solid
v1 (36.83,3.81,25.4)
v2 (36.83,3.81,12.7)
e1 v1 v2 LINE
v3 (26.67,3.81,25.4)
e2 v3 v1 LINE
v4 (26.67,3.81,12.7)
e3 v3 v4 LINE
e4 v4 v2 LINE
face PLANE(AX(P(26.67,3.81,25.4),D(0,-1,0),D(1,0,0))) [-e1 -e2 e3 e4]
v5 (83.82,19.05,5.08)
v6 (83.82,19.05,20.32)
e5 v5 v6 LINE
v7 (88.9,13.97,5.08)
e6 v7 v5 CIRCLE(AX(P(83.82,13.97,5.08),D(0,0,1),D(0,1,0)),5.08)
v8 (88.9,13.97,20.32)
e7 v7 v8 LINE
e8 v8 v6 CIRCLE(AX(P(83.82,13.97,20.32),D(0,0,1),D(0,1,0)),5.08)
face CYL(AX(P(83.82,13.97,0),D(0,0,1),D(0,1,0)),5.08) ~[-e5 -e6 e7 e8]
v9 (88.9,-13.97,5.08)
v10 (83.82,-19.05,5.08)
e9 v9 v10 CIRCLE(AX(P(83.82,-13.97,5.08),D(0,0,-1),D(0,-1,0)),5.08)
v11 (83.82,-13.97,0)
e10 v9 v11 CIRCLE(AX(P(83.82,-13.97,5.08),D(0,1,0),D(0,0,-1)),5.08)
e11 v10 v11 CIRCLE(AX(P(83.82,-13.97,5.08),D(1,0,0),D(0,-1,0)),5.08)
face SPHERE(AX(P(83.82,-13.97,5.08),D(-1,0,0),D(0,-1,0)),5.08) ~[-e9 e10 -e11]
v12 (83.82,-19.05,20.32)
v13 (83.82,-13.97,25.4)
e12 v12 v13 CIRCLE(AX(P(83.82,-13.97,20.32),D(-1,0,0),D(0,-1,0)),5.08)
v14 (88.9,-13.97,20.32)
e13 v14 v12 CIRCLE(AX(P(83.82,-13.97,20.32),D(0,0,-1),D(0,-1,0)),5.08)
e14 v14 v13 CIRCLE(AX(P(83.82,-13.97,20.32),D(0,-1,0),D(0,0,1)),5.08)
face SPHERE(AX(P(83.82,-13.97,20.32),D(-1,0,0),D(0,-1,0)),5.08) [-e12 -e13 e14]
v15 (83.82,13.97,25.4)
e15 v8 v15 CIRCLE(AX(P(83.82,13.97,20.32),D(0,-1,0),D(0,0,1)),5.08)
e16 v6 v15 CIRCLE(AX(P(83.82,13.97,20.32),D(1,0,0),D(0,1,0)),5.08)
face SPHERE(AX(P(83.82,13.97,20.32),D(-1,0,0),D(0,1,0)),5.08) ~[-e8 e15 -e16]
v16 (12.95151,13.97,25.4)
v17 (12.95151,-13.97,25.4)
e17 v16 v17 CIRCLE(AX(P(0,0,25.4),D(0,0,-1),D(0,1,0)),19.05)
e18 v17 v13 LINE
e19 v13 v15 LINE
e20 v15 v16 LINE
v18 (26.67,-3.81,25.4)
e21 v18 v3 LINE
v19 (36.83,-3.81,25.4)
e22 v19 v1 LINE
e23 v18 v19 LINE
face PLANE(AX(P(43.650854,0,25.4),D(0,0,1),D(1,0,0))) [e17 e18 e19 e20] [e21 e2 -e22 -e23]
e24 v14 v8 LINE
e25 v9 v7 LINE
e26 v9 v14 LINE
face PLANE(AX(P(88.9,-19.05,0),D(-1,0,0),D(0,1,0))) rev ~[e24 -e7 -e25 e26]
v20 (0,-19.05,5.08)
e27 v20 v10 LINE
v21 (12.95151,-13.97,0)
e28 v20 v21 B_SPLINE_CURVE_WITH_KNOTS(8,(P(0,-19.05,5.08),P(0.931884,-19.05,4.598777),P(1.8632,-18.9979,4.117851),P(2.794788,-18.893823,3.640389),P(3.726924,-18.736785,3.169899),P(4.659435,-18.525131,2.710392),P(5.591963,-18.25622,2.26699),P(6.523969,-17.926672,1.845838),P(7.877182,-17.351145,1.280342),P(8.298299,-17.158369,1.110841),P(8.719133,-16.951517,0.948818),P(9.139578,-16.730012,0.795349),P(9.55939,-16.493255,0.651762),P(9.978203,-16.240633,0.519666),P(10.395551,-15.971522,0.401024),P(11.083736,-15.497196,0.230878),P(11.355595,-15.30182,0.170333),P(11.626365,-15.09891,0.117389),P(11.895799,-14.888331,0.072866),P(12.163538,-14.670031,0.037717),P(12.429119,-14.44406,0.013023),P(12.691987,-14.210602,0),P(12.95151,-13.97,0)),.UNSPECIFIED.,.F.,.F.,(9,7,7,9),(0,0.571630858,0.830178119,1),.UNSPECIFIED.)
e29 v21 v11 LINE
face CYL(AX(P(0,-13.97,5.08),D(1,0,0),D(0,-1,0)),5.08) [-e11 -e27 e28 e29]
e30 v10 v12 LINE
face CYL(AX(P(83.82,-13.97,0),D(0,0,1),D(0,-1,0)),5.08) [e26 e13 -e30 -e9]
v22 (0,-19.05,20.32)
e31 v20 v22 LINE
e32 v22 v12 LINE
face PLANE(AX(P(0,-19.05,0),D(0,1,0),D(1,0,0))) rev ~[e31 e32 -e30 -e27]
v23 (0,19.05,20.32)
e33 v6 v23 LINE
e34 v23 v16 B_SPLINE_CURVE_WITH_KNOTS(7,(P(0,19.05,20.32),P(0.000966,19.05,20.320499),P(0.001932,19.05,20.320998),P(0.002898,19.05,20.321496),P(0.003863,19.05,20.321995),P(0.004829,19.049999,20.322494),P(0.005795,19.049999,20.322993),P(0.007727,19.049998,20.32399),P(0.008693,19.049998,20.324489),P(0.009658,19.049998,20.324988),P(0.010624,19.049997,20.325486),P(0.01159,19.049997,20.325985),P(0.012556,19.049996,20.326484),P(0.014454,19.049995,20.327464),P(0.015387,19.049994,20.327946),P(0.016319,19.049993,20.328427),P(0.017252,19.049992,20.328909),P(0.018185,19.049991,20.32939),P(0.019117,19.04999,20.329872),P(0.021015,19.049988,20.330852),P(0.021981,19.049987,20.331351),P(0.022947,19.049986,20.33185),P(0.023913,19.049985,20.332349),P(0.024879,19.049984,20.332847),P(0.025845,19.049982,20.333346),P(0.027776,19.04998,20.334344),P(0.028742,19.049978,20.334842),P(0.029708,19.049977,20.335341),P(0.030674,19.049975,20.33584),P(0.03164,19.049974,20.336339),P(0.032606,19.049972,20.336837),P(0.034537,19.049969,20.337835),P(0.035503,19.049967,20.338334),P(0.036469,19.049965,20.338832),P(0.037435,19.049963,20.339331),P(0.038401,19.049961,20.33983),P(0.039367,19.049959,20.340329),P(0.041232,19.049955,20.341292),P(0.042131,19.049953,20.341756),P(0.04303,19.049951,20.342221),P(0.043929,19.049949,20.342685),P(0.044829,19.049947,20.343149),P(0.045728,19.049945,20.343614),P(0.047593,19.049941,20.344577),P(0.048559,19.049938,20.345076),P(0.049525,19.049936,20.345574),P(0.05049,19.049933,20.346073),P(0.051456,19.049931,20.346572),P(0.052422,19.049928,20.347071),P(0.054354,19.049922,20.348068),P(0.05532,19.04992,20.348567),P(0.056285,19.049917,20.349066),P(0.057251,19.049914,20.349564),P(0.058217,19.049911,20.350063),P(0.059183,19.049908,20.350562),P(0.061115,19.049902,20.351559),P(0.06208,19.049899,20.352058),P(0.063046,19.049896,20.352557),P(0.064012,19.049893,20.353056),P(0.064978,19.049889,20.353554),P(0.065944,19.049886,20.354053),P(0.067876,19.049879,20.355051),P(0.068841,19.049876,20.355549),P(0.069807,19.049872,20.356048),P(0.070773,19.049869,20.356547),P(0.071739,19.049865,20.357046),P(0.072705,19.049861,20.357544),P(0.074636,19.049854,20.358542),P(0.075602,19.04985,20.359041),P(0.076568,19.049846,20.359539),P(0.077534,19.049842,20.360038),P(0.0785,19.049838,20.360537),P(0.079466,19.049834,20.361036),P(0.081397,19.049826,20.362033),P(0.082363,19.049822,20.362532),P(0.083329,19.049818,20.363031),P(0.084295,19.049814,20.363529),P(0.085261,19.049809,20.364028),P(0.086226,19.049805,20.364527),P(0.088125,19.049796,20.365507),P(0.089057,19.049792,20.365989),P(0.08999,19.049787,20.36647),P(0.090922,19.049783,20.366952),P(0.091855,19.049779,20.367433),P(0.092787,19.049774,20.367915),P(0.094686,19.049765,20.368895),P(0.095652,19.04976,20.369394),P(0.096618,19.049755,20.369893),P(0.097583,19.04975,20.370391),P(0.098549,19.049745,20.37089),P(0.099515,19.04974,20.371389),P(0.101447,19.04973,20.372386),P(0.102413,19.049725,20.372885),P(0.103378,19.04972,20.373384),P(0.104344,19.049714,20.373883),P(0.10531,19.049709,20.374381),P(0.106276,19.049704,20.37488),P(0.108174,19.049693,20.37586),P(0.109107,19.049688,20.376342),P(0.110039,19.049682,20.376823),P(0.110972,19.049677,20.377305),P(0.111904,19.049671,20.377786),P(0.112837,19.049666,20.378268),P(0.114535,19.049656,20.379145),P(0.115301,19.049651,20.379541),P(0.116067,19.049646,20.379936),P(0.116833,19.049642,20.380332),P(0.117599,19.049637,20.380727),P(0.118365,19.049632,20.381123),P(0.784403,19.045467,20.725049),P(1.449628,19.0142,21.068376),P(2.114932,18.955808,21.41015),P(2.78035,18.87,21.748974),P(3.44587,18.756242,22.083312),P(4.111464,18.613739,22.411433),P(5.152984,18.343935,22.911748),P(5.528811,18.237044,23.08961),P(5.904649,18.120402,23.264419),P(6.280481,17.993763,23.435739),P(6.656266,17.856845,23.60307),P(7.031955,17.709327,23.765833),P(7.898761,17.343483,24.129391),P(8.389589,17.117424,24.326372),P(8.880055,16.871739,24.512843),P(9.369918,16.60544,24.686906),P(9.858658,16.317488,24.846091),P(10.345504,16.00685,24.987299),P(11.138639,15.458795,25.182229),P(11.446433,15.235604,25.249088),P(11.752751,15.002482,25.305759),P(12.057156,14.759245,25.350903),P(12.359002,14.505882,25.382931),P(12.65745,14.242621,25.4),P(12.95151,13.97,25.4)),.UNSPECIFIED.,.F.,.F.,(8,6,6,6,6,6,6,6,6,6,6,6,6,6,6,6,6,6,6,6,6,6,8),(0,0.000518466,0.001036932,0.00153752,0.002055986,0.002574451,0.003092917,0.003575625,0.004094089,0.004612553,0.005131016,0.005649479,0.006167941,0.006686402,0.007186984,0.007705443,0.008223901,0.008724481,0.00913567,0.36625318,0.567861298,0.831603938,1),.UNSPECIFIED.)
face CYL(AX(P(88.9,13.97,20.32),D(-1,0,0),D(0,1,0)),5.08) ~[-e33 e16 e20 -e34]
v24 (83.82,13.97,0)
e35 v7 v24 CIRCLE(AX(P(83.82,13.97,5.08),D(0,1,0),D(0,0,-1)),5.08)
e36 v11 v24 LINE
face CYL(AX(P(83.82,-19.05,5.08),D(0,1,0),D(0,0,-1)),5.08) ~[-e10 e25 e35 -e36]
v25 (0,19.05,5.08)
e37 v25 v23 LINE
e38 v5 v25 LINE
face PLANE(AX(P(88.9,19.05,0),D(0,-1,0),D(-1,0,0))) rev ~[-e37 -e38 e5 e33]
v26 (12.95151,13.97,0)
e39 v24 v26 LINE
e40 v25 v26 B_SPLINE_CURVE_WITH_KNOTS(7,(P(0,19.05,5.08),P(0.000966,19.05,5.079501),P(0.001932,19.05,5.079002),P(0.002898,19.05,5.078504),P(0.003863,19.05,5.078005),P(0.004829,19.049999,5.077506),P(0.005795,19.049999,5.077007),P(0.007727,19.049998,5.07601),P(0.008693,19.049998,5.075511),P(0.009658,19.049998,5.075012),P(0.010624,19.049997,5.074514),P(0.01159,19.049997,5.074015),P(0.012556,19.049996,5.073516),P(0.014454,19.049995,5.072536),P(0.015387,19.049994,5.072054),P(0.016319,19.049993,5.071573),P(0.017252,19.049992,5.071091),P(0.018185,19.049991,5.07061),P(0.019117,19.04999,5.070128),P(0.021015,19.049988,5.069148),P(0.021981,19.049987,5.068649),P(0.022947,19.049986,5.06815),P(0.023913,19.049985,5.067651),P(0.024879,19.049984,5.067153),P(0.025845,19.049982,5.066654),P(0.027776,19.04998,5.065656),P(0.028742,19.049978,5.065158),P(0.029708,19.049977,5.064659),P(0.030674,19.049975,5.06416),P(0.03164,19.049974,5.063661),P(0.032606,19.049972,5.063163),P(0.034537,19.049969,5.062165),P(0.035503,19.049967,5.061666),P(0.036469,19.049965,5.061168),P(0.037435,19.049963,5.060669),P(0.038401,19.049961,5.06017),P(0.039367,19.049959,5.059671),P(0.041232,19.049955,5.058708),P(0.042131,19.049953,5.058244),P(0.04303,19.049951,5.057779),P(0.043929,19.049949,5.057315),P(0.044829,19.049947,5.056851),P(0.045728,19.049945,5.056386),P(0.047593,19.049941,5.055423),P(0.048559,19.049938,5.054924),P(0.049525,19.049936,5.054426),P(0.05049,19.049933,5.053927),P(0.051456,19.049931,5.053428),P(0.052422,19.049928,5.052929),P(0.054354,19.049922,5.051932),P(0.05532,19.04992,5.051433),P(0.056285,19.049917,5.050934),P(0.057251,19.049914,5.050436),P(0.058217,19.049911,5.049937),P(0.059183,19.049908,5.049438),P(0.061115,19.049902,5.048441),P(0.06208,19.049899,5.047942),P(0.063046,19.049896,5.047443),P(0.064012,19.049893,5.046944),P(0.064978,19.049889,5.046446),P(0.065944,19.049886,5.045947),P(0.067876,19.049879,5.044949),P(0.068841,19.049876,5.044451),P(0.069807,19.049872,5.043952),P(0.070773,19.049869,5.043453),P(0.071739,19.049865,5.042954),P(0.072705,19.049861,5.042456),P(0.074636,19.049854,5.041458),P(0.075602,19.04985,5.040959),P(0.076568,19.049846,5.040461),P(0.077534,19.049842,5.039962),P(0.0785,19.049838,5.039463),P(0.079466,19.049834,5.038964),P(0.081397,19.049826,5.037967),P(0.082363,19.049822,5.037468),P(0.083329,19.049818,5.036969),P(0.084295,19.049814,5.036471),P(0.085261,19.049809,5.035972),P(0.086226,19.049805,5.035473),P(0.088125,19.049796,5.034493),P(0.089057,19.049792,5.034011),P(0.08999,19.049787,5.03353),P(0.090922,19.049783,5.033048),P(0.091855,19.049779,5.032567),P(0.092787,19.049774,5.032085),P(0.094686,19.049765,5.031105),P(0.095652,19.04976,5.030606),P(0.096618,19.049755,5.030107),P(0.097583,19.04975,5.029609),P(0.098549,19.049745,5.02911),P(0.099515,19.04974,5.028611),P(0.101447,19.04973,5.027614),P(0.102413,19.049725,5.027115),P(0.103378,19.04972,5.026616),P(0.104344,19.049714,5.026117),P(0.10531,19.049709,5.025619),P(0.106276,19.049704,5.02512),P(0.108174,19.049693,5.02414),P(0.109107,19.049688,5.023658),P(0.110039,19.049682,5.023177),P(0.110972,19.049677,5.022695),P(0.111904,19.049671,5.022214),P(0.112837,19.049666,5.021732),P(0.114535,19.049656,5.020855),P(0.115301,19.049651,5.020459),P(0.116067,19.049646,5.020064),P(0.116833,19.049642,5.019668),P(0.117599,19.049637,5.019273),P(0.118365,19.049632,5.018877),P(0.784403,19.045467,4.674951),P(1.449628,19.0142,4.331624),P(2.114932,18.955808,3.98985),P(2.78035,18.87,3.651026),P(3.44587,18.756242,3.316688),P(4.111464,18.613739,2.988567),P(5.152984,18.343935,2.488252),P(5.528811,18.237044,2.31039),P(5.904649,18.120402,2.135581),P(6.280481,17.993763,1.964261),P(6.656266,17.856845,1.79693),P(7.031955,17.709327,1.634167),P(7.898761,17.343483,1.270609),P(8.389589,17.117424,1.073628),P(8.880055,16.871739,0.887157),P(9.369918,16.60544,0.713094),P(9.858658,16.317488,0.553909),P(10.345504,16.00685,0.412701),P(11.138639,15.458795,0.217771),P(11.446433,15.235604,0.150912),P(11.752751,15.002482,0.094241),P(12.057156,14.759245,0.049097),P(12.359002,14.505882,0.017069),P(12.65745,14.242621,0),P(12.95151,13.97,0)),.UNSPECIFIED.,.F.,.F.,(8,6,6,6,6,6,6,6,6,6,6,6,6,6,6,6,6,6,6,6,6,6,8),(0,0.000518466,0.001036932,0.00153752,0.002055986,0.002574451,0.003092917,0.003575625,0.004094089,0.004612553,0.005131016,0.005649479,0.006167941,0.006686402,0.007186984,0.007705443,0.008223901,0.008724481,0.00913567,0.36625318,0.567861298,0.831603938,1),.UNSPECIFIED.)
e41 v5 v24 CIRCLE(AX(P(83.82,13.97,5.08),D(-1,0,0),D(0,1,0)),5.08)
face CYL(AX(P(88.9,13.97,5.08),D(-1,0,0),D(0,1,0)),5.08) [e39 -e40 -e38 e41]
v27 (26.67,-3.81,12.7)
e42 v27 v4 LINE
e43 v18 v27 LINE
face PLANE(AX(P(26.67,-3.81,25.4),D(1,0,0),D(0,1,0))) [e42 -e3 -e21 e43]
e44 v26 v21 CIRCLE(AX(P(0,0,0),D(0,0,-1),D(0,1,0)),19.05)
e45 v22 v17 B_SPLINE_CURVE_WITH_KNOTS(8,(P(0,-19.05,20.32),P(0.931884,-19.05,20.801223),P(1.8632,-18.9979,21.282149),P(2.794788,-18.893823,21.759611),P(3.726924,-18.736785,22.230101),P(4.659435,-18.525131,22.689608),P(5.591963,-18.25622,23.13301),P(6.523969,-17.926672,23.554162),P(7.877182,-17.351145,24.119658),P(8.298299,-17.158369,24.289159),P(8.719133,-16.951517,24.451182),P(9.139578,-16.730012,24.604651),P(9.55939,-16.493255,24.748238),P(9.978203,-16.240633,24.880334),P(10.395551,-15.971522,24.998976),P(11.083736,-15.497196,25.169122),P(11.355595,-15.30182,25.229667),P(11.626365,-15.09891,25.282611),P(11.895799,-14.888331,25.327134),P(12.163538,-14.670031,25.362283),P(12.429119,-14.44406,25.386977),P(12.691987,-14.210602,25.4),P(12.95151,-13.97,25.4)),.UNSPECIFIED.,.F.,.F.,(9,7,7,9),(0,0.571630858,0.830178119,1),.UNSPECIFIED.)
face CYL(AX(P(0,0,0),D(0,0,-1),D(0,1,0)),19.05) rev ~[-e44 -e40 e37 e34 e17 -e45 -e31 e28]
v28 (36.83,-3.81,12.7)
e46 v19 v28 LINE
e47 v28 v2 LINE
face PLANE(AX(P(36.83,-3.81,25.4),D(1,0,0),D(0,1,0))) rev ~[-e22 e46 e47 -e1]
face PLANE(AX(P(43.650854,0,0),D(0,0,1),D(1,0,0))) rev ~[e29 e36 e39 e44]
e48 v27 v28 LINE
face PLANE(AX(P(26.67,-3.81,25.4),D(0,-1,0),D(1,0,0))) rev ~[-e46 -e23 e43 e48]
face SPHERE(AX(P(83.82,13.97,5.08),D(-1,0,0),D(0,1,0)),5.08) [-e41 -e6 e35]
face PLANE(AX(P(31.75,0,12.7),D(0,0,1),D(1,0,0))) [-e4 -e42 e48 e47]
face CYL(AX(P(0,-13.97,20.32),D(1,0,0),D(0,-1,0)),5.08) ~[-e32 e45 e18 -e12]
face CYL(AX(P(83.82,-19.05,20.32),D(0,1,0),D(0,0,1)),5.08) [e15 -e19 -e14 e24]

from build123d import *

# Parameters (mm, degrees)
F1_DEPTH = 25.4
F2_W     = 10.16
F2_H     = 7.62
F3_DEPTH = 12.7
F4_R     = 5.08


with BuildPart() as f1:
    # F0 (on Top) → F1 (new body)
    with BuildSketch(Plane.XY):
        with BuildLine():
            ThreePointArc((0, 19.05), (19.05, 0), (0, -19.05))
            Line((0, -19.05), (88.9, -19.05))
            Line((88.9, -19.05), (88.9, 19.05))
            Line((88.9, 19.05), (0, 19.05))
        make_face()
    extrude(amount=F1_DEPTH)

    # F2 (on face) → F3 (cut)
    with BuildSketch(Plane.XY.offset(25.4)):
        with Locations((31.75, 0)):
            Rectangle(F2_W, F2_H)
    extrude(amount=-F3_DEPTH, mode=Mode.SUBTRACT)

    # F4
    f4_edges = [f1.edges().sort_by_distance(p)[0] for p in [
        (44.45, -19.05, 25.4),
        (44.45, 19.05, 25.4),
        (44.45, 19.05, 0),
        (44.45, -19.05, 0),
        (88.9, -19.05, 12.7),
        (88.9, 19.05, 12.7),
        (88.9, 0, 0),
        (88.9, 0, 25.4),
    ]]
    fillet(f4_edges, radius=F4_R)


solid = f1.part
